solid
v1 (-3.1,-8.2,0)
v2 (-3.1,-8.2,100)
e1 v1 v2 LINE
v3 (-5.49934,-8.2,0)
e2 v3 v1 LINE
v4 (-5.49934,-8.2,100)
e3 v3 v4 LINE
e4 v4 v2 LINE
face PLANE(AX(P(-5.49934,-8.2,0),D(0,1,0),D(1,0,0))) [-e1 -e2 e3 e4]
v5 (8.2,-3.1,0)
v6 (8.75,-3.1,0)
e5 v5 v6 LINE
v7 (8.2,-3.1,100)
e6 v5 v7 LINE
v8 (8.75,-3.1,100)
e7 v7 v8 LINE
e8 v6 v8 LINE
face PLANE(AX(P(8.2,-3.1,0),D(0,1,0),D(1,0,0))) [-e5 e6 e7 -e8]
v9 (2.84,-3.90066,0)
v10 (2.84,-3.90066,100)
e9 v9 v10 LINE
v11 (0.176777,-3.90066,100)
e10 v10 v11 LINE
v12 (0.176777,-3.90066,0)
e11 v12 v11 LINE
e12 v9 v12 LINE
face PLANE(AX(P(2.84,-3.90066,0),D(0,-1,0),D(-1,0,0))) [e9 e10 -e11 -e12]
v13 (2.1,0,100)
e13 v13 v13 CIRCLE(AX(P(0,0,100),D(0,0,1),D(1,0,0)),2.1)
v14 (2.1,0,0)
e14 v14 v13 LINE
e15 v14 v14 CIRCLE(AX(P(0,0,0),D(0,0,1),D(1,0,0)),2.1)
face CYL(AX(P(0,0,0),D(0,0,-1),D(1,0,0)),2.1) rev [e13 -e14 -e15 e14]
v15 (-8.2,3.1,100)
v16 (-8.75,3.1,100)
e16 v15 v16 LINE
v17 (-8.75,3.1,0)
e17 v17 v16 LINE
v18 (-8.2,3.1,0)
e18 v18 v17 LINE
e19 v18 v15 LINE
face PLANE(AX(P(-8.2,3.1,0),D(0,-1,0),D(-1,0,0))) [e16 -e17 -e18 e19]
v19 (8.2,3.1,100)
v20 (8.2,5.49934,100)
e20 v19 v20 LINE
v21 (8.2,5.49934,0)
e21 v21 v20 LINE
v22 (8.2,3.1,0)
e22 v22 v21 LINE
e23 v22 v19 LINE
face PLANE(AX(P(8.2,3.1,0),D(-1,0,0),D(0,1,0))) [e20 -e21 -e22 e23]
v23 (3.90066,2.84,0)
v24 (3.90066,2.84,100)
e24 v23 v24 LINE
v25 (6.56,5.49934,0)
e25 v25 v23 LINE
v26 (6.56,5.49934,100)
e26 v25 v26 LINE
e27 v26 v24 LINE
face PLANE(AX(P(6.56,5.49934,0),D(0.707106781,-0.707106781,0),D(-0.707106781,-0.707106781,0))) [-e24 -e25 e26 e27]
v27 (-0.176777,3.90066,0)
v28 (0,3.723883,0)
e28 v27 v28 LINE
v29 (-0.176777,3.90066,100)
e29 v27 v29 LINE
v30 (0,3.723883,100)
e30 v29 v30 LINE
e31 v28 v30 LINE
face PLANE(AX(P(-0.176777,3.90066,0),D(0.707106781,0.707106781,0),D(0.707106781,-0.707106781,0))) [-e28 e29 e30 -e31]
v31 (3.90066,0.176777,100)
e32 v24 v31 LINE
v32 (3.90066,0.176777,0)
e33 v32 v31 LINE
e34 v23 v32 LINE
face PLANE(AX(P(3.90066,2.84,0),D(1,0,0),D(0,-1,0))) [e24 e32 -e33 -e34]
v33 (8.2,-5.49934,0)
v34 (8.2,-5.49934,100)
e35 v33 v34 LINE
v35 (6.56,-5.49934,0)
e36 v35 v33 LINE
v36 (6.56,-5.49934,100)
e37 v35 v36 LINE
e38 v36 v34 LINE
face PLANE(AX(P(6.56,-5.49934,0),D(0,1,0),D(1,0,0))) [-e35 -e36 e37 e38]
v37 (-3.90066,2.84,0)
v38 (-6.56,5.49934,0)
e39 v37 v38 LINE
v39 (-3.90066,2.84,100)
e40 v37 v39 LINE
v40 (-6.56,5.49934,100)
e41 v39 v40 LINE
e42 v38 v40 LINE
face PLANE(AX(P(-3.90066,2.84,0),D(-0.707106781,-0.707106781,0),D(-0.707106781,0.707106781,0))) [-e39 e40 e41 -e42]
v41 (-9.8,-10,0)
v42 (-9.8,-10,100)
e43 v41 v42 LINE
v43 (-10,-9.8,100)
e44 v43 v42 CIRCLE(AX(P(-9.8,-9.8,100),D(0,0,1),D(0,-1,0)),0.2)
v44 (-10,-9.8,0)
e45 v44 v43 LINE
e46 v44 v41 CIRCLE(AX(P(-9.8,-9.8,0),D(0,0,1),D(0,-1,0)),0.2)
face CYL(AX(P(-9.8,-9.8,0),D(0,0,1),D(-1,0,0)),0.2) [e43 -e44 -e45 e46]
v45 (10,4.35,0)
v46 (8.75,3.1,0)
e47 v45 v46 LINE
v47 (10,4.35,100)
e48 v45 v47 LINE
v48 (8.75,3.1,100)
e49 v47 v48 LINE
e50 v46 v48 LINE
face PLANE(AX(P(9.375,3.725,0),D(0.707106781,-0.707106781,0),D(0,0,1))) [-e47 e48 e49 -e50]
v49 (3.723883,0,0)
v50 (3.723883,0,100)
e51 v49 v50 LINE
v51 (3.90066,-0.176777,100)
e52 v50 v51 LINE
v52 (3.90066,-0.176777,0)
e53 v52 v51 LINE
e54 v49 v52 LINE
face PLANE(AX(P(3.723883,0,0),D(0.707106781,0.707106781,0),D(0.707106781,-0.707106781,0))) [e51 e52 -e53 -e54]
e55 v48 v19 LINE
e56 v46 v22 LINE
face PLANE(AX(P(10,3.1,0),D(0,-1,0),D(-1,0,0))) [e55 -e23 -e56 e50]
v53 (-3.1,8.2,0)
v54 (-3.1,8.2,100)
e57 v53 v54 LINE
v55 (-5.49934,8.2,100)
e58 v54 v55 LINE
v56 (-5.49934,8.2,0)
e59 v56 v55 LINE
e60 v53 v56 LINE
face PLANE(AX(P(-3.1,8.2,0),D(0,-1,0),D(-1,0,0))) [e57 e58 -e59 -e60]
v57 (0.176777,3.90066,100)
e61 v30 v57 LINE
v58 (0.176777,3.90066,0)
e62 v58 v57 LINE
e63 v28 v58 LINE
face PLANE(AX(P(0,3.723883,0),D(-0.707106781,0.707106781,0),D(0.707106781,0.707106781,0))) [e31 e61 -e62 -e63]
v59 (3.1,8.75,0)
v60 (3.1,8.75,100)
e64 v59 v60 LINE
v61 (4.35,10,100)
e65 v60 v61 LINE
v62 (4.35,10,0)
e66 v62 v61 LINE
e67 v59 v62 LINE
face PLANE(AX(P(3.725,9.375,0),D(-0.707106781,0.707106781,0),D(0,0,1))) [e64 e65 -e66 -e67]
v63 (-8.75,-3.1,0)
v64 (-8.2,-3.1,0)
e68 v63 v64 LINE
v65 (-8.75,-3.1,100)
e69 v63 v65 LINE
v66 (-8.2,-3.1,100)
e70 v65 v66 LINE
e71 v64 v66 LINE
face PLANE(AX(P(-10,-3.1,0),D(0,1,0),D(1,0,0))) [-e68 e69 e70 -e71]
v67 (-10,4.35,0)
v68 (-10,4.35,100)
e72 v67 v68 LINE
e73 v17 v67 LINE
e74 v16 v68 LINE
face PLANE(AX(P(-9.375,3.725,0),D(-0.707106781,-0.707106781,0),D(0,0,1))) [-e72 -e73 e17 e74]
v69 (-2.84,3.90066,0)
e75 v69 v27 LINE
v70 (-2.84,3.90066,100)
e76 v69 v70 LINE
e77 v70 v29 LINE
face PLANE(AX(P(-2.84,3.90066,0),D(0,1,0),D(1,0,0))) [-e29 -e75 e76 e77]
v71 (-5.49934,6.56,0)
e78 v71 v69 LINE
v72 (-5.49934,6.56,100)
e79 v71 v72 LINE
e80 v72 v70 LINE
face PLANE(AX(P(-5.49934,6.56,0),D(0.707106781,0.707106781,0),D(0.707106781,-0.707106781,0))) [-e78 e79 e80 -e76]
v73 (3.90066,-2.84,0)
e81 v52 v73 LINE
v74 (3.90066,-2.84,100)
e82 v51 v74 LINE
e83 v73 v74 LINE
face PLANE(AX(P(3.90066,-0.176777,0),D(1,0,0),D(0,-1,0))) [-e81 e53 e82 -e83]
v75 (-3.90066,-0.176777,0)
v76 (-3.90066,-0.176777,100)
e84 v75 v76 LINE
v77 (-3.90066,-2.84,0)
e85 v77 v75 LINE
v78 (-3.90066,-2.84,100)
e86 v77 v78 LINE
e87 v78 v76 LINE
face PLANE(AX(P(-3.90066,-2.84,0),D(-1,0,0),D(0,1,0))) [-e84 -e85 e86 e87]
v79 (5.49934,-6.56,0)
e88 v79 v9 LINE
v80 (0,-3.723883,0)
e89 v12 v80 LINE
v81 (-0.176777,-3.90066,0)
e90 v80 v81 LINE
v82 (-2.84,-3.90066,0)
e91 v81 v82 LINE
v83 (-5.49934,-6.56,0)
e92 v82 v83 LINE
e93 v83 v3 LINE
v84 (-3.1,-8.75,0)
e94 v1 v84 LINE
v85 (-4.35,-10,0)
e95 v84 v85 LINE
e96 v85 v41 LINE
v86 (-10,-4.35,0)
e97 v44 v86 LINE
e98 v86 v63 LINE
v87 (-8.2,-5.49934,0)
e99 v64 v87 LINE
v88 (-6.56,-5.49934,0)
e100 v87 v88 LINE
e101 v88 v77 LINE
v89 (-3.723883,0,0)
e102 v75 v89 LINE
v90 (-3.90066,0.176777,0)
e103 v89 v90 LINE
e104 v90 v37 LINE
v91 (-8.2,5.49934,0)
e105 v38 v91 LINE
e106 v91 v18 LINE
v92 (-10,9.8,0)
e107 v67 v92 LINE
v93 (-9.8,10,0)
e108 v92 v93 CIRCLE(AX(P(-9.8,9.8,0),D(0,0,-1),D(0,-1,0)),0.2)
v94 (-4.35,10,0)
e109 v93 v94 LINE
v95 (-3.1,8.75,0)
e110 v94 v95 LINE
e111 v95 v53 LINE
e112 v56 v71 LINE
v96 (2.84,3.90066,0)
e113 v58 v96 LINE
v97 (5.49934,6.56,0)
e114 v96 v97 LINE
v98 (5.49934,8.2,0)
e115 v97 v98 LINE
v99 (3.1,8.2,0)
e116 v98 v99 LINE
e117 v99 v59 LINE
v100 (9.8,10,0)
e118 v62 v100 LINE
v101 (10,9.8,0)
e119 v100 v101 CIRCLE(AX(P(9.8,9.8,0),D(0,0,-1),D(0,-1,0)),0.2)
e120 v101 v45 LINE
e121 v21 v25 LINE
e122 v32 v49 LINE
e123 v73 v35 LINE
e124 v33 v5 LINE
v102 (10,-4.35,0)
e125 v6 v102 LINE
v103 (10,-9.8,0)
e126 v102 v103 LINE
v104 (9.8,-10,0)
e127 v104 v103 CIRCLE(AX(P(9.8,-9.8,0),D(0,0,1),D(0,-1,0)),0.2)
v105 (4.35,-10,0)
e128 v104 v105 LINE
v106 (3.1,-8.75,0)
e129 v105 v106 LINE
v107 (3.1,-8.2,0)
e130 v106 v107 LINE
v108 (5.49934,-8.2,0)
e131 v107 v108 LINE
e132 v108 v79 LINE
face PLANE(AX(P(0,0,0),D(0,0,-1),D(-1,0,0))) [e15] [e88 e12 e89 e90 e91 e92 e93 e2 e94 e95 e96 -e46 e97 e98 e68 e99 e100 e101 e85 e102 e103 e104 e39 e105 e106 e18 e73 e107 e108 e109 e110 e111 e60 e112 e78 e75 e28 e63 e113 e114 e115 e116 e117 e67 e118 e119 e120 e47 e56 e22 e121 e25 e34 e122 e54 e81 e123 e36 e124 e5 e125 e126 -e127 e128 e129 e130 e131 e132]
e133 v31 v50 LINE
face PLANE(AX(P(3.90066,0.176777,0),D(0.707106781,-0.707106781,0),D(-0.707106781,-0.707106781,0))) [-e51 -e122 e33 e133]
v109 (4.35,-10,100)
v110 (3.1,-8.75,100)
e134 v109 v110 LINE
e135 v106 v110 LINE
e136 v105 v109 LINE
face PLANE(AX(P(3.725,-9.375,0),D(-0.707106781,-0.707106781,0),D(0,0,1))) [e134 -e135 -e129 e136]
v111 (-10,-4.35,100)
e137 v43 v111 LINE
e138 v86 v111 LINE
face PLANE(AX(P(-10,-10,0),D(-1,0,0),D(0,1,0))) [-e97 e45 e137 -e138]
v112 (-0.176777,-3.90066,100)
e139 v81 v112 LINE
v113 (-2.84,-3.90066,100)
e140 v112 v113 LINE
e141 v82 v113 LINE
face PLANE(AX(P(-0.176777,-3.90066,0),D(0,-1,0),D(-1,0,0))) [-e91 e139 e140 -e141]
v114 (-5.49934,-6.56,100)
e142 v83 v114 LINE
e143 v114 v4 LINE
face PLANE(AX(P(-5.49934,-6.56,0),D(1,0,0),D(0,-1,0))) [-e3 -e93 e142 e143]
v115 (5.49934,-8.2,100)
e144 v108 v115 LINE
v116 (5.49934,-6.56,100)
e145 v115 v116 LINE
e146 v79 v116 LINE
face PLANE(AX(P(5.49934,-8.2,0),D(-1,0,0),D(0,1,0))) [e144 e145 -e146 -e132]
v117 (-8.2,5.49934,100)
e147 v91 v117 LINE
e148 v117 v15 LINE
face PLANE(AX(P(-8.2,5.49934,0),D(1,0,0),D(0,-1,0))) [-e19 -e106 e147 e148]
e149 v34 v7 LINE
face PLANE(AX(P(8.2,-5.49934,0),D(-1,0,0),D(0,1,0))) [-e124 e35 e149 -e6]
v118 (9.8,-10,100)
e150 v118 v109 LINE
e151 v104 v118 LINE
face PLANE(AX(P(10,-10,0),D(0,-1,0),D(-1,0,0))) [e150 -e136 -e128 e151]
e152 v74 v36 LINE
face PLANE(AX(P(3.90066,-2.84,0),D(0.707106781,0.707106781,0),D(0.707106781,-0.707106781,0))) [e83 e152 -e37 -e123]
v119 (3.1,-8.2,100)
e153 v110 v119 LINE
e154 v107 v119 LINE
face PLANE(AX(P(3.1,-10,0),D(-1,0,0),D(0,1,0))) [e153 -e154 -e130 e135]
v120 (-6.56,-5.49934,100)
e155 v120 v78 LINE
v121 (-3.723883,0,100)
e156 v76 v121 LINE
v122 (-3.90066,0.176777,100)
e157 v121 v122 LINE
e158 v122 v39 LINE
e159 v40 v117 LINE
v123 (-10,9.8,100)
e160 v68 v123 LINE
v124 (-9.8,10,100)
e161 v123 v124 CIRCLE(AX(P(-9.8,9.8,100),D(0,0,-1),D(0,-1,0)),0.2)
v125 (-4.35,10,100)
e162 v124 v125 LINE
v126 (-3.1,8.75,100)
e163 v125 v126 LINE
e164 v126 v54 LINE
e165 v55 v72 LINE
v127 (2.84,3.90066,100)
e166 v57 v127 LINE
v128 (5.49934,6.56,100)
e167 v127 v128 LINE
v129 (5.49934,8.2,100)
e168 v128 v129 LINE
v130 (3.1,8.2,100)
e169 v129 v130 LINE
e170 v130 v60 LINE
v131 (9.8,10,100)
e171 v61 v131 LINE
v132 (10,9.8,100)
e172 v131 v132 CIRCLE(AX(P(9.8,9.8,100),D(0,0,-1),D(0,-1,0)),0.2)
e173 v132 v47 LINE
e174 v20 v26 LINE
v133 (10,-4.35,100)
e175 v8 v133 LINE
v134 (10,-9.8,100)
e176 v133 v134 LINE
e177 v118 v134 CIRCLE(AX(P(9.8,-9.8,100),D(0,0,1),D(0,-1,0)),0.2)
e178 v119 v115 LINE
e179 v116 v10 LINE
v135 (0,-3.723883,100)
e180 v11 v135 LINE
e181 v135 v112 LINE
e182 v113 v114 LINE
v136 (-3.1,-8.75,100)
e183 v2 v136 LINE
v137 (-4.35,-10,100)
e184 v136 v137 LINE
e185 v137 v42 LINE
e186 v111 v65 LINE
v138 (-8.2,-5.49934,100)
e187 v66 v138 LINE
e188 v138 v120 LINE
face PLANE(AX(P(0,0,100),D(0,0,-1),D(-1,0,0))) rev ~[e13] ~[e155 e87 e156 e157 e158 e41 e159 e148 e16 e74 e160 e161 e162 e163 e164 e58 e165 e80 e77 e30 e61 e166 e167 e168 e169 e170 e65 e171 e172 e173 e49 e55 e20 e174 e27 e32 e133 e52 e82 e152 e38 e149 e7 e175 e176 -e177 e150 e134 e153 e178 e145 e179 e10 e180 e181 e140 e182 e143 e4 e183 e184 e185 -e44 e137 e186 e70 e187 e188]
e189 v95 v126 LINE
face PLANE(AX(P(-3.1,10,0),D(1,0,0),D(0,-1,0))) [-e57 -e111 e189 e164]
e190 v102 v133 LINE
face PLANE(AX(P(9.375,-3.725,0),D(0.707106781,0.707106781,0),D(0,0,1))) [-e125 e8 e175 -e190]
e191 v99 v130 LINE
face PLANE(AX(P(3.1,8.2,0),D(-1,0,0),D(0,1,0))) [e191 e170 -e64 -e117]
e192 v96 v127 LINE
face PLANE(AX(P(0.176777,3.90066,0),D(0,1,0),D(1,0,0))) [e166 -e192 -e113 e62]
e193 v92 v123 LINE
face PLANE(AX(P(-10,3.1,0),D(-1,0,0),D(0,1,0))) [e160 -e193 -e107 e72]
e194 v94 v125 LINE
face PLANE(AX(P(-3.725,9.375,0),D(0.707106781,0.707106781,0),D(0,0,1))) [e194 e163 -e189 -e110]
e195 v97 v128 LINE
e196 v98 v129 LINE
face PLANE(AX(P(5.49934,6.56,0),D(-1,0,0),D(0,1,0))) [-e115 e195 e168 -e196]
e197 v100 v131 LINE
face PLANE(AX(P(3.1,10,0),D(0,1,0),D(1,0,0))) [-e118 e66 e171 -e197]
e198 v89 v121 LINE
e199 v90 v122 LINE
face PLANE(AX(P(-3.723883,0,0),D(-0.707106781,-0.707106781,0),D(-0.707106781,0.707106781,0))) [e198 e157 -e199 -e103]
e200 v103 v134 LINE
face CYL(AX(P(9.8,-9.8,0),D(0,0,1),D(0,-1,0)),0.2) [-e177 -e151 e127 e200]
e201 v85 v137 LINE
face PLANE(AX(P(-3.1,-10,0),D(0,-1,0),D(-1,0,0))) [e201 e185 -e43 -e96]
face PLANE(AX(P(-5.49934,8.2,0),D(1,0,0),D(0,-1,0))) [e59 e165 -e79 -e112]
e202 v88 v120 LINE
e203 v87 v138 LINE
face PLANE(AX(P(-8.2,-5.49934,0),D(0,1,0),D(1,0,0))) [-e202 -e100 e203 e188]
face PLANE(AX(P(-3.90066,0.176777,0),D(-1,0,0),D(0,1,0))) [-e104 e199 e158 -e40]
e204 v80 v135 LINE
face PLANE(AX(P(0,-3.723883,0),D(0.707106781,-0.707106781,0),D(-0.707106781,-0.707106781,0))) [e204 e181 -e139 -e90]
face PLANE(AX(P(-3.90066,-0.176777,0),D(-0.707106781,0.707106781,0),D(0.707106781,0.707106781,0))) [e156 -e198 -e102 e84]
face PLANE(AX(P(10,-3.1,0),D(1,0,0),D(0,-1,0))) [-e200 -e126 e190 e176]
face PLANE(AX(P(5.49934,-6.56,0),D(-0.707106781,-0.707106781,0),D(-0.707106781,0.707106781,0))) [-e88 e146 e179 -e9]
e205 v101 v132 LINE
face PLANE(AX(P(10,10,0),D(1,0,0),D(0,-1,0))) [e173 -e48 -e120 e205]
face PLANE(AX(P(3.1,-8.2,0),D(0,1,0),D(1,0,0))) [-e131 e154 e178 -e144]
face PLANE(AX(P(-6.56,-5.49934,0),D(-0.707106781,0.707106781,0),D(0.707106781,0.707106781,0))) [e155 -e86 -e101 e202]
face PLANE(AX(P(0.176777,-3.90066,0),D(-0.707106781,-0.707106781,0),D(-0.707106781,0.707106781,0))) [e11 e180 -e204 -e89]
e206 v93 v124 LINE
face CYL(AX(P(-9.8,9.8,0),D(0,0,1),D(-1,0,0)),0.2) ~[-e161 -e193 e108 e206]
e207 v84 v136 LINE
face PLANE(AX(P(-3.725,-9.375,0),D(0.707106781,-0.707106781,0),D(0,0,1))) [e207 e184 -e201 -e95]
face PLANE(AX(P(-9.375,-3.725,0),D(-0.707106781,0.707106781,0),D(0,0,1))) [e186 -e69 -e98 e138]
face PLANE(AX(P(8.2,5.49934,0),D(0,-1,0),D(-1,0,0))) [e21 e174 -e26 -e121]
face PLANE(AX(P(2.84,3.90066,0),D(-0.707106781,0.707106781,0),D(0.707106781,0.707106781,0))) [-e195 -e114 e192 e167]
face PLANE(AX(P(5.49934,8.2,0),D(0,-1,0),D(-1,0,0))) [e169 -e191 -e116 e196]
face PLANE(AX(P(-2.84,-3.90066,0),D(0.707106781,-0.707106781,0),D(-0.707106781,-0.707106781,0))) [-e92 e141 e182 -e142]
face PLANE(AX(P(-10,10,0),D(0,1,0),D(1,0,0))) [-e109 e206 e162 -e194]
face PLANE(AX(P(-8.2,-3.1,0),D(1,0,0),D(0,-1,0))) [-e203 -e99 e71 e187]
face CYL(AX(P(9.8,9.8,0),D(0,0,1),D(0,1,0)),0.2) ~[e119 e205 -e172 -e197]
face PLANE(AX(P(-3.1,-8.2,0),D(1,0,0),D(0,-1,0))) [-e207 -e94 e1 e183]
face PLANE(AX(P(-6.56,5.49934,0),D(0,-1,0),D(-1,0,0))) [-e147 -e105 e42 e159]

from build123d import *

# Parameters (mm, degrees)
SKETCH_R        = 2.1
PAD_DEPTH       = 100
CHAMFER_1_ANGLE = 45
CHAMFER_1_SIZE  = 1.25
CHAMFER_2_ANGLE = 45
CHAMFER_2_SIZE  = 1.25
CHAMFER_3_ANGLE = 45
CHAMFER_3_SIZE  = 1.25
CHAMFER_4_ANGLE = 45
CHAMFER_4_SIZE  = 1.25
CHAMFER_5_ANGLE = 45
CHAMFER_5_SIZE  = 1.25
CHAMFER_6_ANGLE = 45
CHAMFER_6_SIZE  = 1.25
CHAMFER_7_ANGLE = 45
CHAMFER_7_SIZE  = 1.25
CHAMFER_8_ANGLE = 45
CHAMFER_8_SIZE  = 1.25
FILLET_R        = 0.2


with BuildPart() as part:
    # Sketch → Pad (new body)
    with BuildSketch(Plane.XY):
        Polygon((0, 3.723883), (0.176777, 3.90066), (2.84, 3.90066), (5.49934, 6.56), (5.49934, 8.2), (3.1, 8.2), (3.1, 10), (10, 10), (10, 3.1), (8.2, 3.1), (8.2, 5.49934), (6.56, 5.49934), (3.90066, 2.84), (3.90066, 0.176777), (3.723883, 0), (3.90066, -0.176777), (3.90066, -2.84), (6.56, -5.49934), (8.2, -5.49934), (8.2, -3.1), (10, -3.1), (10, -10), (3.1, -10), (3.1, -8.2), (5.49934, -8.2), (5.49934, -6.56), (2.84, -3.90066), (0.176777, -3.90066), (0, -3.723883), (-0.176777, -3.90066), (-2.84, -3.90066), (-5.49934, -6.56), (-5.49934, -8.2), (-3.1, -8.2), (-3.1, -10), (-10, -10), (-10, -3.1), (-8.2, -3.1), (-8.2, -5.49934), (-6.56, -5.49934), (-3.90066, -2.84), (-3.90066, -0.176777), (-3.723883, 0), (-3.90066, 0.176777), (-3.90066, 2.84), (-6.56, 5.49934), (-8.2, 5.49934), (-8.2, 3.1), (-10, 3.1), (-10, 10), (-3.1, 10), (-3.1, 8.2), (-5.49934, 8.2), (-5.49934, 6.56), (-2.84, 3.90066), (-0.176777, 3.90066), align=None)
        Circle(SKETCH_R, mode=Mode.SUBTRACT)
    extrude(amount=PAD_DEPTH)

    # Chamfer 1
    chamfer_1_edges = [part.edges().sort_by_distance(p)[0] for p in [
        (-3.1, 10, 50),
    ]]
    chamfer_1_side = part.faces().sort_by_distance((-6.55, 10, 50))[0]
    chamfer(chamfer_1_edges, length=CHAMFER_1_SIZE, angle=CHAMFER_1_ANGLE, reference=chamfer_1_side)

    # Chamfer 2
    chamfer_2_edges = [part.edges().sort_by_distance(p)[0] for p in [
        (3.1, 10, 50),
    ]]
    chamfer_2_side = part.faces().sort_by_distance((3.1, 9.1, 50))[0]
    chamfer(chamfer_2_edges, length=CHAMFER_2_SIZE, angle=CHAMFER_2_ANGLE, reference=chamfer_2_side)

    # Chamfer 3
    chamfer_3_edges = [part.edges().sort_by_distance(p)[0] for p in [
        (-10, 3.1, 50),
    ]]
    chamfer_3_side = part.faces().sort_by_distance((-9.1, 3.1, 50))[0]
    chamfer(chamfer_3_edges, length=CHAMFER_3_SIZE, angle=CHAMFER_3_ANGLE, reference=chamfer_3_side)

    # Chamfer 4
    chamfer_4_edges = [part.edges().sort_by_distance(p)[0] for p in [
        (3.1, -10, 50),
    ]]
    chamfer_4_side = part.faces().sort_by_distance((6.55, -10, 50))[0]
    chamfer(chamfer_4_edges, length=CHAMFER_4_SIZE, angle=CHAMFER_4_ANGLE, reference=chamfer_4_side)

    # Chamfer 5
    chamfer_5_edges = [part.edges().sort_by_distance(p)[0] for p in [
        (-3.1, -10, 50),
    ]]
    chamfer_5_side = part.faces().sort_by_distance((-3.1, -9.1, 50))[0]
    chamfer(chamfer_5_edges, length=CHAMFER_5_SIZE, angle=CHAMFER_5_ANGLE, reference=chamfer_5_side)

    # Chamfer 6
    chamfer_6_edges = [part.edges().sort_by_distance(p)[0] for p in [
        (10, 3.1, 50),
    ]]
    chamfer_6_side = part.faces().sort_by_distance((10, 6.55, 50))[0]
    chamfer(chamfer_6_edges, length=CHAMFER_6_SIZE, angle=CHAMFER_6_ANGLE, reference=chamfer_6_side)

    # Chamfer 7
    chamfer_7_edges = [part.edges().sort_by_distance(p)[0] for p in [
        (10, -3.1, 50),
    ]]
    chamfer_7_side = part.faces().sort_by_distance((9.1, -3.1, 50))[0]
    chamfer(chamfer_7_edges, length=CHAMFER_7_SIZE, angle=CHAMFER_7_ANGLE, reference=chamfer_7_side)

    # Chamfer 8
    chamfer_8_edges = [part.edges().sort_by_distance(p)[0] for p in [
        (-10, -3.1, 50),
    ]]
    chamfer_8_side = part.faces().sort_by_distance((-10, -6.55, 50))[0]
    chamfer(chamfer_8_edges, length=CHAMFER_8_SIZE, angle=CHAMFER_8_ANGLE, reference=chamfer_8_side)

    # Fillet
    fillet_edges = [part.edges().sort_by_distance(p)[0] for p in [
        (10, 10, 50),
        (-10, 10, 50),
        (-10, -10, 50),
        (10, -10, 50),
    ]]
    fillet(fillet_edges, radius=FILLET_R)


solid = part.part
